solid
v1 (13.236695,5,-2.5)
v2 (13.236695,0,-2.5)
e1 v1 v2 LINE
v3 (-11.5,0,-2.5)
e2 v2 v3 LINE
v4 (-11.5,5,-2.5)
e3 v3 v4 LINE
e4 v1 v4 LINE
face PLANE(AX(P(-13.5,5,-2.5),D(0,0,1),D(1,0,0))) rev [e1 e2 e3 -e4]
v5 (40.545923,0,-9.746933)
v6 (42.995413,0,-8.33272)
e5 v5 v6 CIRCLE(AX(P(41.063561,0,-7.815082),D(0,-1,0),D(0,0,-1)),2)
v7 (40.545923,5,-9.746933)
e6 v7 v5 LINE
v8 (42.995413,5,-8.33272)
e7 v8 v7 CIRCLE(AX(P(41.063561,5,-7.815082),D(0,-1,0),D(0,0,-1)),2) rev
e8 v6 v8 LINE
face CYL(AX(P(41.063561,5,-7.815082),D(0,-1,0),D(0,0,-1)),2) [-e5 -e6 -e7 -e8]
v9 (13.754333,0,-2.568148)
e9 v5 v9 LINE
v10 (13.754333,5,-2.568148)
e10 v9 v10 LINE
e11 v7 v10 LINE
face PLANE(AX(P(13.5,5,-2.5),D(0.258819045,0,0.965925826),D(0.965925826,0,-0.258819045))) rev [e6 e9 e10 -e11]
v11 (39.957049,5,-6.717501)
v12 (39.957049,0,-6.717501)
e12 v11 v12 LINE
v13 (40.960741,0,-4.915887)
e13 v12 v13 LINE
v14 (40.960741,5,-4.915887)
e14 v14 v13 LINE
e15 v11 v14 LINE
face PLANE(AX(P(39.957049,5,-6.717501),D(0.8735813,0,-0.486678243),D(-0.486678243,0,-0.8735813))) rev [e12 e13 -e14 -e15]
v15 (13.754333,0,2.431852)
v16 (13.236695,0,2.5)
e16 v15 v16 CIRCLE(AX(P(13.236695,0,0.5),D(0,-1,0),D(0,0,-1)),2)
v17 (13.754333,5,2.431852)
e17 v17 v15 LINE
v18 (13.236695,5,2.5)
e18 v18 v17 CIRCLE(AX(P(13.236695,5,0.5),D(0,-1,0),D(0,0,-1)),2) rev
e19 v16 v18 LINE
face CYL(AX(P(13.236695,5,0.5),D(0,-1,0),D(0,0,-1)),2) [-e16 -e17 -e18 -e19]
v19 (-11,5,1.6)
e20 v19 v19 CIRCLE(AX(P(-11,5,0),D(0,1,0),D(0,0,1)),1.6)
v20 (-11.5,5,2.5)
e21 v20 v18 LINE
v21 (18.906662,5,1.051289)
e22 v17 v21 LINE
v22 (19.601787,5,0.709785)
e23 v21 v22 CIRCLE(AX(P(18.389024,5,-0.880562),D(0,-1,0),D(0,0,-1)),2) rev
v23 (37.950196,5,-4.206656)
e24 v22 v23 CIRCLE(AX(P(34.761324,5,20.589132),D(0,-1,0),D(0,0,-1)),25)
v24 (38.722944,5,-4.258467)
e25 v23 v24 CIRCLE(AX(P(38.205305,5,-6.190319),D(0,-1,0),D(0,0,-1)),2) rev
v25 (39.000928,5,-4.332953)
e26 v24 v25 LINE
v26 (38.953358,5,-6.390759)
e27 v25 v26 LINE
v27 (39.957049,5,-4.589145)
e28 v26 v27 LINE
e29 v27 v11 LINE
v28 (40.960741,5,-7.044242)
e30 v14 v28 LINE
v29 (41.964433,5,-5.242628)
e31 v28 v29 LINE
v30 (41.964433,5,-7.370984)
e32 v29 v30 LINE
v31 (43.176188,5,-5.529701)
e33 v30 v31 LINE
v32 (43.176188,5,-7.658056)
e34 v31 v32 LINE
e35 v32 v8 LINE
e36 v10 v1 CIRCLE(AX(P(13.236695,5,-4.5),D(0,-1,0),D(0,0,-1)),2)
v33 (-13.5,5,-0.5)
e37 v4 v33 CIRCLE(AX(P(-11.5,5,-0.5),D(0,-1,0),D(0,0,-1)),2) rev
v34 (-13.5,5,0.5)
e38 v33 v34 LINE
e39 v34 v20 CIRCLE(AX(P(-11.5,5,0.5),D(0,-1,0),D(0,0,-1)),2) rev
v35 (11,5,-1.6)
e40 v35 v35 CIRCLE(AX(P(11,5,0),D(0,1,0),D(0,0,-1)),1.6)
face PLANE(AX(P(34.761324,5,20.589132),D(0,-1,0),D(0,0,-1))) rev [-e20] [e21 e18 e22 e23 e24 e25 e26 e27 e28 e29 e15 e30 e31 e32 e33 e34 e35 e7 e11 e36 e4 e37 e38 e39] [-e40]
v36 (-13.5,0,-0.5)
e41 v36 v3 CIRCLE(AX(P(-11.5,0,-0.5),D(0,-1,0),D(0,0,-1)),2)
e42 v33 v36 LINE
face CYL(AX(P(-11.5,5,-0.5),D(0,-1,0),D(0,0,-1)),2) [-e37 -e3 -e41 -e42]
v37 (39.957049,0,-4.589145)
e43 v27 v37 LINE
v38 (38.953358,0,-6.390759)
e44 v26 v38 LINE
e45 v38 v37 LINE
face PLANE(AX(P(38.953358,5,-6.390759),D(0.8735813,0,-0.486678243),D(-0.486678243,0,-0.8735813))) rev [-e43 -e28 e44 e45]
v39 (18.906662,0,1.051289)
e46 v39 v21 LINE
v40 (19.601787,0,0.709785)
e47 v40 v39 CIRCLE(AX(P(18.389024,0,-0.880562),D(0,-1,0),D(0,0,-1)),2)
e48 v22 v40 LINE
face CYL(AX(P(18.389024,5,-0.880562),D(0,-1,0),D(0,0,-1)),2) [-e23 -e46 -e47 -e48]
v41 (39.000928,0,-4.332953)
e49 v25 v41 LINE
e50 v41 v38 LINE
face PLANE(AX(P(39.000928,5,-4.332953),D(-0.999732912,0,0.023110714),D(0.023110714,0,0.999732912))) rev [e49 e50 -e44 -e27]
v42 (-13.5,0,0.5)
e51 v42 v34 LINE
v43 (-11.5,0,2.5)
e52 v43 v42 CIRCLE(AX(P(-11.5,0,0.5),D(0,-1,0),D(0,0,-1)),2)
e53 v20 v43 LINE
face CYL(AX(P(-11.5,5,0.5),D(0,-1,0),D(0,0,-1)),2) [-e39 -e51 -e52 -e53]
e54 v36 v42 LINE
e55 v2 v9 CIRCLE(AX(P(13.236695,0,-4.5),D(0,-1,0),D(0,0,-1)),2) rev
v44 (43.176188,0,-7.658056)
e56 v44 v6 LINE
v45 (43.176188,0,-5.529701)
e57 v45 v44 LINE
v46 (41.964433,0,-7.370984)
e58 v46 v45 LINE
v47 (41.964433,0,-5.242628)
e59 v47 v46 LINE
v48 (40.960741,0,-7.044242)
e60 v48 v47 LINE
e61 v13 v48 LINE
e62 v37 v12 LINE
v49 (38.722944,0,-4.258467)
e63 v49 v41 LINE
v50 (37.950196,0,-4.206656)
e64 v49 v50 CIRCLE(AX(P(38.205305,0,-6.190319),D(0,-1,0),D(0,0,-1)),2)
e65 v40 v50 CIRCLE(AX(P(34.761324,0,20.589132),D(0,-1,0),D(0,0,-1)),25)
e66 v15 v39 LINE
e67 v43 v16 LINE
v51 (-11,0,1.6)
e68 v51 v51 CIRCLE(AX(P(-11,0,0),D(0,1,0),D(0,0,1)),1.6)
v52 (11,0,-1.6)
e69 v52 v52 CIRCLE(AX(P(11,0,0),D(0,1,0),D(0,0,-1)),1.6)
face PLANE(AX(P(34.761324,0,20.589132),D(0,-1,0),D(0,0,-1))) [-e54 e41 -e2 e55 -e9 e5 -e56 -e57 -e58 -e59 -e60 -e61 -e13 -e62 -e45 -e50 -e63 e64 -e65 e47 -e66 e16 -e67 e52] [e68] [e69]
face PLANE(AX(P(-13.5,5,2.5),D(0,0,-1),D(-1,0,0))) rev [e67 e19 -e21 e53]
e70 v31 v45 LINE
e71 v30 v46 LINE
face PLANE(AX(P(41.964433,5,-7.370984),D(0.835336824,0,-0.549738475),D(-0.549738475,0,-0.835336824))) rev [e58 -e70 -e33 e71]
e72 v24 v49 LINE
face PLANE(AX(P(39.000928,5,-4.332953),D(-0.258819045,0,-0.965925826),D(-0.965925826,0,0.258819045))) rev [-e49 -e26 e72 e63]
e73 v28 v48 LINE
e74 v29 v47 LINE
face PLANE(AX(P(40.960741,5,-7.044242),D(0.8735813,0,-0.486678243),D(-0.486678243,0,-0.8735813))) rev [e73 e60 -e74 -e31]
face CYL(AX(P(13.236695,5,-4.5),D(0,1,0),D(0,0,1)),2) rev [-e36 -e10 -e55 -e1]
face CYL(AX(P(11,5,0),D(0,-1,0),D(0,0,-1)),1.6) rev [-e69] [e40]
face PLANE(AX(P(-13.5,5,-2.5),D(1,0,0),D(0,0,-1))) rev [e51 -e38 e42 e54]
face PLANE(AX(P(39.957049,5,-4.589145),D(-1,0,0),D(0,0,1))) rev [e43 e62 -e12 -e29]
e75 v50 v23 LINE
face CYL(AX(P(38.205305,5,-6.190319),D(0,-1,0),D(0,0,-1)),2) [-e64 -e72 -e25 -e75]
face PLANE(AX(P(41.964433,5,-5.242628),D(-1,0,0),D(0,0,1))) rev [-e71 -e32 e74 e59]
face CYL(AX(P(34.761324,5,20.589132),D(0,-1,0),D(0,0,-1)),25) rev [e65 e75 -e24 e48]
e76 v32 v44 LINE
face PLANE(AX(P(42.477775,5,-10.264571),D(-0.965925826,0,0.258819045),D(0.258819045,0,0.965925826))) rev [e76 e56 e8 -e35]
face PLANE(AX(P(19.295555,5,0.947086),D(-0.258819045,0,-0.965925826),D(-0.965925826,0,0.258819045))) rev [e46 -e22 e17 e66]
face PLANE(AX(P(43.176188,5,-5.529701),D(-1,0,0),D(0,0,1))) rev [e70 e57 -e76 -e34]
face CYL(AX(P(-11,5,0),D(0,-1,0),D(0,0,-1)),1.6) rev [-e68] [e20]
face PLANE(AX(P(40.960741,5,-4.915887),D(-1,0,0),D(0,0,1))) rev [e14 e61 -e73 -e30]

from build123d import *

# Parameters (mm, degrees)
SKETCH_1_R      = 1.6
EXTRUDE_1_DEPTH = 5
FILLET_1_R      = 2


with BuildPart() as part:
    # 草图1 → 凸台-拉伸1 (new body)
    with BuildSketch(Plane(origin=(0, 0, 0), x_dir=(1, 0, 0), z_dir=(0, 1, 0))):
        with BuildLine():
            Line((-13.5, 2.5), (13.5, 2.5))
            Line((13.5, 2.5), (42.477774789, 10.264571353))
            Line((42.477774789, 10.264571353), (43.176188432, 7.65805615))
            Line((43.176188432, 7.65805615), (43.176188432, 5.529700605))
            Line((43.176188432, 5.529700605), (41.964432742, 7.37098368))
            Line((41.964432742, 7.37098368), (41.964432742, 5.242628135))
            Line((41.964432742, 5.242628135), (40.960741016, 7.044242108))
            Line((40.960741016, 7.044242108), (40.960741016, 4.915886563))
            Line((40.960741016, 4.915886563), (39.95704929, 6.717500536))
            Line((39.95704929, 6.717500536), (39.95704929, 4.589144991))
            Line((39.95704929, 4.589144991), (38.953357563, 6.390758965))
            Line((38.953357563, 6.390758965), (39.000927635, 4.332952966))
            Line((39.000927635, 4.332952966), (38.334050279, 4.154263717))
            ThreePointArc((38.334050279, 4.154263717), (28.290848144, 3.559013712), (19.295554958, -0.947085729))
            Line((19.295554958, -0.947085729), (13.5, -2.5))
            Line((13.5, -2.5), (-13.5, -2.5))
            Line((-13.5, -2.5), (-13.5, 2.5))
        make_face()
        with Locations(Location((-11, 0, 0), (0, 0, 270))):
            Circle(SKETCH_1_R, mode=Mode.SUBTRACT)
        with Locations(Location((11, 0, 0), (0, 0, 90))):
            Circle(SKETCH_1_R, mode=Mode.SUBTRACT)
    extrude(amount=EXTRUDE_1_DEPTH)

    # 圆角1
    fillet_1_edges = [part.edges().sort_by_distance(p)[0] for p in [
        (13.5, 2.5, 2.5),
        (-13.5, 2.5, 2.5),
        (-13.5, 2.5, -2.5),
        (13.5, 2.5, -2.5),
        (42.477774789, 2.5, -10.264571353),
        (38.334050279, 2.5, -4.154263717),
        (19.295554958, 2.5, 0.947085729),
    ]]
    fillet(fillet_1_edges, radius=FILLET_1_R)


solid = part.part
